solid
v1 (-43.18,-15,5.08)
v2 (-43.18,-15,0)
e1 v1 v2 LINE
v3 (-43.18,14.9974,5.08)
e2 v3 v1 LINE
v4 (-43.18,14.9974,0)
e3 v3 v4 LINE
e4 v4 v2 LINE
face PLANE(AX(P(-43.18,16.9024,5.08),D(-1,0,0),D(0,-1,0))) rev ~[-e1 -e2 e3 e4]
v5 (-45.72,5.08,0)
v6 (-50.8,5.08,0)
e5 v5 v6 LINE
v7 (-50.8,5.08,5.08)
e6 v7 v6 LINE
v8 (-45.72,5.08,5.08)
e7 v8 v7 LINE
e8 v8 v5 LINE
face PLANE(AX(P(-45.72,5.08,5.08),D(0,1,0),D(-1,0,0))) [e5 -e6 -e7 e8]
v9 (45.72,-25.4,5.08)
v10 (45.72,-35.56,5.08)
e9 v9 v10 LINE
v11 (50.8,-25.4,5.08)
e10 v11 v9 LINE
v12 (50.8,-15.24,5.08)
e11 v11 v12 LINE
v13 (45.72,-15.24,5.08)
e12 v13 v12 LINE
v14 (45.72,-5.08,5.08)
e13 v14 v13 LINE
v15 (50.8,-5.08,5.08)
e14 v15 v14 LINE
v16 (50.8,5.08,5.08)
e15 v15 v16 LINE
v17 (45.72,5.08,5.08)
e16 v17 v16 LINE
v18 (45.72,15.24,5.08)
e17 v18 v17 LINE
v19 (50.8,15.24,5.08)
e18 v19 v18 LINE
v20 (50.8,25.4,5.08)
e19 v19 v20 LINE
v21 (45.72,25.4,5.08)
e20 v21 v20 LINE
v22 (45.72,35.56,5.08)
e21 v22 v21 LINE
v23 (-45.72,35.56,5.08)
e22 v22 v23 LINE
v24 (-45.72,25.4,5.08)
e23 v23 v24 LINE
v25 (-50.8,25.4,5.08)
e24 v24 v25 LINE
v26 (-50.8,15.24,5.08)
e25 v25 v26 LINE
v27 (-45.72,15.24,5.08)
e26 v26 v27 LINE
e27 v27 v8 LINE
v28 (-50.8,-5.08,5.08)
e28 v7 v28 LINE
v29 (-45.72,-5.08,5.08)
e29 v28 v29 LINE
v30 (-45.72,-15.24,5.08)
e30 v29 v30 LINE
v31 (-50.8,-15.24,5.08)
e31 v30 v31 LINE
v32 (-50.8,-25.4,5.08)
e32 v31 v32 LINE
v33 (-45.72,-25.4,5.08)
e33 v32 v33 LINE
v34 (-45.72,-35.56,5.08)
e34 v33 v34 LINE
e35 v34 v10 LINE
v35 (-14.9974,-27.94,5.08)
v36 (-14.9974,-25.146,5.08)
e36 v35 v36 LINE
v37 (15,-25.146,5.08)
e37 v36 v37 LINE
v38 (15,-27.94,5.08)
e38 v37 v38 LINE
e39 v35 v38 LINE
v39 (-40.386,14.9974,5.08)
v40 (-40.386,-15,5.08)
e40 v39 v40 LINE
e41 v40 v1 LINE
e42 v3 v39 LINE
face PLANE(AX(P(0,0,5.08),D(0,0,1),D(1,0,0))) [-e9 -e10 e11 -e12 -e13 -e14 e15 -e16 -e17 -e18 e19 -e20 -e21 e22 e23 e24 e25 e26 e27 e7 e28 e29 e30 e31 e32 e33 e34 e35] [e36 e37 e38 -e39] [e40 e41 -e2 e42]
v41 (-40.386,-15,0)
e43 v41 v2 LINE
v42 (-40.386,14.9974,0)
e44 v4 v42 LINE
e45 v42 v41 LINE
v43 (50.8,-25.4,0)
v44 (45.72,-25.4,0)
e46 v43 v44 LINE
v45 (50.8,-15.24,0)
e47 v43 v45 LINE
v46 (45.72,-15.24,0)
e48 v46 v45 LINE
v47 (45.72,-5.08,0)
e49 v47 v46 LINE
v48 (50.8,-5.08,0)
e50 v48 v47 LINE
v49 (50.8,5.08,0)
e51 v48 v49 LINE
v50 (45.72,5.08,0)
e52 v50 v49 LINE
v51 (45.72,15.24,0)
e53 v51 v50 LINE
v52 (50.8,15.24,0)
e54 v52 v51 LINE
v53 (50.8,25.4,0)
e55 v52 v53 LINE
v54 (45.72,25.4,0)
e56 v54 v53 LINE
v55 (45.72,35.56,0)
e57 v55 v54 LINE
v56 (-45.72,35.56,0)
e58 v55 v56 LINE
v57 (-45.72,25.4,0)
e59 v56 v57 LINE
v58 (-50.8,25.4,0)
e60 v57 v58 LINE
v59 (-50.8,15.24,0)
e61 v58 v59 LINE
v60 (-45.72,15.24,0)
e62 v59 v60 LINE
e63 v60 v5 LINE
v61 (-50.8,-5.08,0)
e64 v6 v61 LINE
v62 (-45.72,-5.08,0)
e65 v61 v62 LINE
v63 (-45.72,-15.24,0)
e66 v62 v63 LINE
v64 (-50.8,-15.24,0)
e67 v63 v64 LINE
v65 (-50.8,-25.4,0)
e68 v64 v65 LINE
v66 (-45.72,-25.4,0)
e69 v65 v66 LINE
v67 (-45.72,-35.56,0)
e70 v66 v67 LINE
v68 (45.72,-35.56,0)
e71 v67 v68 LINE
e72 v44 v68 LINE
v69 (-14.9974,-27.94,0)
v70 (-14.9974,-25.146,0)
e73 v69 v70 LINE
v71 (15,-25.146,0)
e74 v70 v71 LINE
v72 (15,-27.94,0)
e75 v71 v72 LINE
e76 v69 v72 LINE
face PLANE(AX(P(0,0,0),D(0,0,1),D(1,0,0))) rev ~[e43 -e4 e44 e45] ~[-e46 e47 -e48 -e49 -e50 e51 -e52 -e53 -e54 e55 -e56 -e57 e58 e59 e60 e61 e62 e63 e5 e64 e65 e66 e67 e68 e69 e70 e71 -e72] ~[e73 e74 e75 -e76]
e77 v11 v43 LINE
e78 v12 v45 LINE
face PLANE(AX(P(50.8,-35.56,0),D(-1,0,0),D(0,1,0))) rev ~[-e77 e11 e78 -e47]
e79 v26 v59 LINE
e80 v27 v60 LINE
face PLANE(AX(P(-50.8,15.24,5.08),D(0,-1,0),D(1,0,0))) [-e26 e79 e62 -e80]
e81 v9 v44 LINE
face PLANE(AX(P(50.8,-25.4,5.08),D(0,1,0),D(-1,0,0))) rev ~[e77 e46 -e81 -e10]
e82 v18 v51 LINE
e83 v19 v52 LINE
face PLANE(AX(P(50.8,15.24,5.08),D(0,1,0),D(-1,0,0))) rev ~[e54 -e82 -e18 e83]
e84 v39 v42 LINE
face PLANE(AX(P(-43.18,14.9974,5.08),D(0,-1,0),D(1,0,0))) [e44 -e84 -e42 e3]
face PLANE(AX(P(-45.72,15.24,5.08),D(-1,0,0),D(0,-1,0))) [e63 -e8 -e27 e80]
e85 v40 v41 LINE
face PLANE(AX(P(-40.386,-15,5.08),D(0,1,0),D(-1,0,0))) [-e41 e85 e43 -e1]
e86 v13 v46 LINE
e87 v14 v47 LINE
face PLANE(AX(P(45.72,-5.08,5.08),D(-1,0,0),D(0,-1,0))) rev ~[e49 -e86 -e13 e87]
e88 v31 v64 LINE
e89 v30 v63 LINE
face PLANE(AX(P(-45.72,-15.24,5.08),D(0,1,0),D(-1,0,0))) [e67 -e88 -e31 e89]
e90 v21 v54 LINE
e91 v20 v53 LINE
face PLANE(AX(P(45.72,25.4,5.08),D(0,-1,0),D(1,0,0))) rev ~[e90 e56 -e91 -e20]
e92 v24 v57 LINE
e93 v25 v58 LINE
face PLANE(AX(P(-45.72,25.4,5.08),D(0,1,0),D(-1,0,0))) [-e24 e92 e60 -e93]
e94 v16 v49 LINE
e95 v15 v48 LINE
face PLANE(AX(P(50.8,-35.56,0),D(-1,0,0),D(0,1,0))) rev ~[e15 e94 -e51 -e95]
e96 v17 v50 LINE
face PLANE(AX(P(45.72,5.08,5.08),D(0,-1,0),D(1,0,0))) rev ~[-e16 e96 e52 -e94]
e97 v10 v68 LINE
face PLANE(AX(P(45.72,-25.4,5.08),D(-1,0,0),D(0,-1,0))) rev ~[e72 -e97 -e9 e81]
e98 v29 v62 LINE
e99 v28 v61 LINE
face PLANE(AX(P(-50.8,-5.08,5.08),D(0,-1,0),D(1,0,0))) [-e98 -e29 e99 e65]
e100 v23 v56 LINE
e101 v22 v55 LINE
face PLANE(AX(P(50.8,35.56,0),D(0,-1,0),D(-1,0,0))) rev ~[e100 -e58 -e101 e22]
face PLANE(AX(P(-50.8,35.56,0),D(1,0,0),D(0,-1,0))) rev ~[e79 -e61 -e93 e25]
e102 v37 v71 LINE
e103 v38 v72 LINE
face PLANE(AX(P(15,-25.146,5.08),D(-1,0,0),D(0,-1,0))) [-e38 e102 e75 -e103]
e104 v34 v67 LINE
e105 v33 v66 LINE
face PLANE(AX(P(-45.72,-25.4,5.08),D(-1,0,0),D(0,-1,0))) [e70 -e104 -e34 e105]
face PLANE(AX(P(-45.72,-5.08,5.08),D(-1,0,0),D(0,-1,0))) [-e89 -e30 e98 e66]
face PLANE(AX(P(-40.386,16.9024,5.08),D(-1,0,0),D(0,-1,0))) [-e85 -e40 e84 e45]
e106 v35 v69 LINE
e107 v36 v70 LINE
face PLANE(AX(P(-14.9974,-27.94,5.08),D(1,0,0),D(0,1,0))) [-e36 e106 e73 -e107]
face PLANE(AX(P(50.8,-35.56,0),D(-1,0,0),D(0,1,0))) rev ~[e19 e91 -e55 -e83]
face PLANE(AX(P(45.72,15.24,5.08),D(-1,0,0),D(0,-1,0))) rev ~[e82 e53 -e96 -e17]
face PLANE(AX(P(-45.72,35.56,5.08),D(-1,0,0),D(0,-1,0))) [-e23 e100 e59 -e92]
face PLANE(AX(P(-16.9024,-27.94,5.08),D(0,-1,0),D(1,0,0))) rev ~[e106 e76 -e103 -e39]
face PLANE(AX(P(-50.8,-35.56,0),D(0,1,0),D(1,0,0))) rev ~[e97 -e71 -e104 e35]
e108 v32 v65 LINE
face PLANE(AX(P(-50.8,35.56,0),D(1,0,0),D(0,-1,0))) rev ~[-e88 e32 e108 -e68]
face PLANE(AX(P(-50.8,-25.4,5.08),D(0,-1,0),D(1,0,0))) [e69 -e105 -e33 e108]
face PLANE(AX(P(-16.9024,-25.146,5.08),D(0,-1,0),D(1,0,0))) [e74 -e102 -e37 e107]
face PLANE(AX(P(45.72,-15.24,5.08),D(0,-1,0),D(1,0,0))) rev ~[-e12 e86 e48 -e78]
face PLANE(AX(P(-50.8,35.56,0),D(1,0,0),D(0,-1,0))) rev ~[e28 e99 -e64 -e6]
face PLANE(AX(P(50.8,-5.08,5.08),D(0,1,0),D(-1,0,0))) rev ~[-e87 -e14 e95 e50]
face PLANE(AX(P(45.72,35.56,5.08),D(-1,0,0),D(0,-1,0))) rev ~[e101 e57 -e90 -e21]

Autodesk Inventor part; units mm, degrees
ref_plane "YZ Plane" through (0, 0, 0) normal (1, 0, 0) x (0, 1, 0)
ref_plane "XZ Plane" through (0, 0, 0) normal (0, 1, 0) x (-1, 0, 0)
ref_plane "XY Plane" through (0, 0, 0) normal (0, 0, 1) x (1, 0, 0)
sketch "Sketch1" plane through (0, 0, 0) normal (0, 0, 1) x (1, 0, 0)
  line L0 (-50.8, -35.56) -> (50.8, -35.56)
  line L1 (50.8, -35.56) -> (50.8, 35.56)
  line L2 (50.8, 35.56) -> (-50.8, 35.56)
  line L3 (-50.8, 35.56) -> (-50.8, -35.56)
  line L4 (-50.8, 35.56) -> (50.8, -35.56) construction
  line L5 (50.8, -35.56) -> (-50.8, -35.56) construction
  line L6 (50.8, 35.56) -> (-50.8, -35.56) construction
  point P0 (0, 0)
  point P1 (0, 0)
  dimension "d0" = 101.6
  dimension "d1" = 71.12
extrude "Extrusion1" add sketch "Sketch1" along normal blind 5.08
sketch "Sketch2" plane through (0, 0, 5.08) normal (0, 0, 1) x (1, 0, 0)
  line L0 (-43.18, 16.9024) -> (-43.18, -16.905) projected
  line L1 (-40.386, 16.9024) -> (-40.386, -16.905) projected
  line L2 (-16.9024, -27.94) -> (16.905, -27.94) projected
  line L3 (-16.9024, -25.146) -> (16.905, -25.146) projected
  line L4 (-40.386, -16.905) -> (-43.18, -16.905) projected
  line L5 (-43.18, 16.9024) -> (-40.386, 16.9024) projected
  line L6 (16.905, -25.146) -> (16.905, -27.94) projected
  line L7 (-16.9024, -27.94) -> (-16.9024, -25.146) projected
  point P0 (0, 0)
extrude "Extrusion2" cut sketch "Sketch2" against normal blind 5.08
sketch "Sketch3" plane through (0, 0, 5.08) normal (0, 0, 1) x (1, 0, 0)
  line L0 (-43.18, -16.905) -> (-43.18, 16.9024) projected
  line L1 (-40.386, 16.9024) -> (-40.386, -16.905) projected
  line L2 (16.905, -27.94) -> (-16.9024, -27.94) projected
  line L3 (-16.9024, -25.146) -> (16.905, -25.146) projected
  line L4 (50.8, -35.56) -> (50.8, 35.56) projected
  line L5 (50.8, 35.56) -> (-50.8, 35.56) projected
  line L6 (-50.8, 35.56) -> (-50.8, -35.56) projected
  line L7 (-50.8, -35.56) -> (50.8, -35.56) projected
  line L8 (50.8, -35.56) -> (50.8, 35.56) projected
  line L9 (50.8, 35.56) -> (45.72, 35.56)
  line L10 (45.72, 35.56) -> (45.72, 25.4)
  line L11 (45.72, 25.4) -> (50.8, 25.4)
  line L12 (50.8, 25.4) -> (50.8, 35.56)
  line L13 (0, 35.56) -> (0, -35.56) construction
  line L14 (45.72, 5.08) -> (50.8, 5.08)
  line L15 (45.72, 15.24) -> (45.72, 5.08)
  line L16 (50.8, 15.24) -> (45.72, 15.24)
  line L17 (50.8, 5.08) -> (50.8, 15.24)
  line L18 (45.72, -15.24) -> (50.8, -15.24)
  line L19 (45.72, -5.08) -> (45.72, -15.24)
  line L20 (50.8, -5.08) -> (45.72, -5.08)
  line L21 (50.8, -15.24) -> (50.8, -5.08)
  line L22 (45.72, -35.56) -> (50.8, -35.56)
  line L23 (45.72, -25.4) -> (45.72, -35.56)
  line L24 (50.8, -25.4) -> (45.72, -25.4)
  line L25 (50.8, -35.56) -> (50.8, -25.4)
  line L26 (-50.8, -35.56) -> (-50.8, 35.56)
  line L27 (-50.8, -35.56) -> (-50.8, 35.56)
  line L28 (-50.8, 35.56) -> (-45.72, 35.56)
  line L29 (-45.72, 35.56) -> (-45.72, 25.4)
  line L30 (-45.72, 25.4) -> (-50.8, 25.4)
  line L31 (-50.8, 25.4) -> (-50.8, 35.56)
  line L32 (-45.72, 5.08) -> (-50.8, 5.08)
  line L33 (-45.72, 15.24) -> (-45.72, 5.08)
  line L34 (-50.8, 15.24) -> (-45.72, 15.24)
  line L35 (-50.8, 5.08) -> (-50.8, 15.24)
  line L36 (-45.72, -15.24) -> (-50.8, -15.24)
  line L37 (-45.72, -5.08) -> (-45.72, -15.24)
  line L38 (-50.8, -5.08) -> (-45.72, -5.08)
  line L39 (-50.8, -15.24) -> (-50.8, -5.08)
  line L40 (-45.72, -35.56) -> (-50.8, -35.56)
  line L41 (-45.72, -25.4) -> (-45.72, -35.56)
  line L42 (-50.8, -25.4) -> (-45.72, -25.4)
  line L43 (-50.8, -35.56) -> (-50.8, -25.4)
  line L44 (-40.386, -16.905) -> (-43.18, -16.905) projected
  line L45 (-43.18, 16.9024) -> (-40.386, 16.9024) projected
  line L46 (16.905, -25.146) -> (16.905, -27.94) projected
  line L47 (-16.9024, -27.94) -> (-16.9024, -25.146) projected
  point P0 (0, 0)
  dimension "d6" = 10.16
  dimension "d7" = 5.08
  dimension "d8" = 0
  dimension "d11" = 20.32
  dimension "d16" = 20.32
extrude "Extrusion3" cut sketch "Sketch3" against normal blind 25.4 contours L0 L45 L1 L44 | L2 L47 L3 L46 | L24 L23 L7 L41 L42 L6 L36 L37 L38 L32 L33 L34 L30 L29 L5 L10 L11 L4 L16 L15 L14 L20 L19 L18 keep common part
sketch "Sketch4" plane through (0, 0, 5.08) normal (0, 0, 1) x (1, 0, 0)
  point P0 (0, 0)
sketch "Sketch5" plane through (0, 0, 5.08) normal (0, 0, 1) x (1, 0, 0)
  line L0 (-50.8, -15.24) -> (-45.72, -15.24) projected
  line L1 (-50.8, -15.24) -> (-50.8, -25.4) projected
  line L2 (-45.72, -25.4) -> (-50.8, -25.4) projected
  line L3 (-45.72, -35.56) -> (-45.72, -25.4) projected
  line L4 (-45.72, -35.56) -> (45.72, -35.56) projected
  line L5 (45.72, -25.4) -> (45.72, -35.56) projected
  line L6 (50.8, -25.4) -> (45.72, -25.4) projected
  line L7 (50.8, -25.4) -> (50.8, -15.24) projected
  line L8 (45.72, -15.24) -> (50.8, -15.24) projected
  line L9 (45.72, -5.08) -> (45.72, -15.24) projected
  line L10 (50.8, -5.08) -> (45.72, -5.08) projected
  line L11 (50.8, -5.08) -> (50.8, 5.08) projected
  line L12 (45.72, 5.08) -> (50.8, 5.08) projected
  line L13 (45.72, 15.24) -> (45.72, 5.08) projected
  line L14 (50.8, 15.24) -> (45.72, 15.24) projected
  line L15 (50.8, 15.24) -> (50.8, 25.4) projected
  line L16 (45.72, 25.4) -> (50.8, 25.4) projected
  line L17 (45.72, 35.56) -> (45.72, 25.4) projected
  line L18 (45.72, 35.56) -> (-45.72, 35.56) projected
  line L19 (-45.72, 25.4) -> (-45.72, 35.56) projected
  line L20 (-50.8, 25.4) -> (-45.72, 25.4) projected
  line L21 (-50.8, 25.4) -> (-50.8, 15.24) projected
  line L22 (-45.72, 15.24) -> (-50.8, 15.24) projected
  line L23 (-45.72, 5.08) -> (-45.72, 15.24) projected
  line L24 (-50.8, 5.08) -> (-45.72, 5.08) projected
  line L25 (-50.8, 5.08) -> (-50.8, -5.08) projected
  line L26 (-45.72, -5.08) -> (-50.8, -5.08) projected
  line L27 (-45.72, -15.24) -> (-45.72, -5.08) projected
  line L28 (-43.18, -16.905) -> (-43.18, 16.9024) projected
  line L29 (-40.386, 16.9024) -> (-40.386, -16.905) projected
  line L30 (16.905, -27.94) -> (-16.9024, -27.94) projected
  line L31 (-16.9024, -25.146) -> (16.905, -25.146) projected
  line L32 (-40.386, 20.0774) -> (-43.18, 20.0774)
  line L33 (-43.18, 20.0774) -> (-43.18, 14.9974)
  line L34 (-43.18, 14.9974) -> (-40.386, 14.9974)
  line L35 (-40.386, 14.9974) -> (-40.386, 20.0774)
  line L36 (-43.18, -20.08) -> (-40.386, -20.08)
  line L37 (-40.386, -20.08) -> (-40.386, -15)
  line L38 (-40.386, -15) -> (-43.18, -15)
  line L39 (-43.18, -15) -> (-43.18, -20.08)
  line L40 (-20.0774, -27.94) -> (-14.9974, -27.94)
  line L41 (-14.9974, -27.94) -> (-14.9974, -25.146)
  line L42 (-14.9974, -25.146) -> (-20.0774, -25.146)
  line L43 (-20.0774, -25.146) -> (-20.0774, -27.94)
  line L44 (20.08, -25.146) -> (15, -25.146)
  line L45 (15, -25.146) -> (15, -27.94)
  line L46 (15, -27.94) -> (20.08, -27.94)
  line L47 (20.08, -27.94) -> (20.08, -25.146)
  line L48 (-40.386, -16.905) -> (-43.18, -16.905) projected
  line L49 (-43.18, 16.9024) -> (-40.386, 16.9024) projected
  line L50 (16.905, -25.146) -> (16.905, -27.94) projected
  line L51 (-16.9024, -27.94) -> (-16.9024, -25.146) projected
  point P0 (0, 0)
  dimension "d19" = 5.08
  dimension "d20" = 5.08
  dimension "d21" = 5.08
  dimension "d22" = 5.08
extrude "Extrusion4" add sketch "Sketch5" against normal blind 5.08 contours L48 L37 L36 L39 | L28 L38 L29 L48 | L28 L49 L29 L34 | L33 L32 L35 L49 | L50 L44 L47 L46 | L30 L45 L31 L50 | L30 L51 L31 L41 | L40 L43 L42 L51
properties part number "PiShelf" material "Wood (Birch)"
